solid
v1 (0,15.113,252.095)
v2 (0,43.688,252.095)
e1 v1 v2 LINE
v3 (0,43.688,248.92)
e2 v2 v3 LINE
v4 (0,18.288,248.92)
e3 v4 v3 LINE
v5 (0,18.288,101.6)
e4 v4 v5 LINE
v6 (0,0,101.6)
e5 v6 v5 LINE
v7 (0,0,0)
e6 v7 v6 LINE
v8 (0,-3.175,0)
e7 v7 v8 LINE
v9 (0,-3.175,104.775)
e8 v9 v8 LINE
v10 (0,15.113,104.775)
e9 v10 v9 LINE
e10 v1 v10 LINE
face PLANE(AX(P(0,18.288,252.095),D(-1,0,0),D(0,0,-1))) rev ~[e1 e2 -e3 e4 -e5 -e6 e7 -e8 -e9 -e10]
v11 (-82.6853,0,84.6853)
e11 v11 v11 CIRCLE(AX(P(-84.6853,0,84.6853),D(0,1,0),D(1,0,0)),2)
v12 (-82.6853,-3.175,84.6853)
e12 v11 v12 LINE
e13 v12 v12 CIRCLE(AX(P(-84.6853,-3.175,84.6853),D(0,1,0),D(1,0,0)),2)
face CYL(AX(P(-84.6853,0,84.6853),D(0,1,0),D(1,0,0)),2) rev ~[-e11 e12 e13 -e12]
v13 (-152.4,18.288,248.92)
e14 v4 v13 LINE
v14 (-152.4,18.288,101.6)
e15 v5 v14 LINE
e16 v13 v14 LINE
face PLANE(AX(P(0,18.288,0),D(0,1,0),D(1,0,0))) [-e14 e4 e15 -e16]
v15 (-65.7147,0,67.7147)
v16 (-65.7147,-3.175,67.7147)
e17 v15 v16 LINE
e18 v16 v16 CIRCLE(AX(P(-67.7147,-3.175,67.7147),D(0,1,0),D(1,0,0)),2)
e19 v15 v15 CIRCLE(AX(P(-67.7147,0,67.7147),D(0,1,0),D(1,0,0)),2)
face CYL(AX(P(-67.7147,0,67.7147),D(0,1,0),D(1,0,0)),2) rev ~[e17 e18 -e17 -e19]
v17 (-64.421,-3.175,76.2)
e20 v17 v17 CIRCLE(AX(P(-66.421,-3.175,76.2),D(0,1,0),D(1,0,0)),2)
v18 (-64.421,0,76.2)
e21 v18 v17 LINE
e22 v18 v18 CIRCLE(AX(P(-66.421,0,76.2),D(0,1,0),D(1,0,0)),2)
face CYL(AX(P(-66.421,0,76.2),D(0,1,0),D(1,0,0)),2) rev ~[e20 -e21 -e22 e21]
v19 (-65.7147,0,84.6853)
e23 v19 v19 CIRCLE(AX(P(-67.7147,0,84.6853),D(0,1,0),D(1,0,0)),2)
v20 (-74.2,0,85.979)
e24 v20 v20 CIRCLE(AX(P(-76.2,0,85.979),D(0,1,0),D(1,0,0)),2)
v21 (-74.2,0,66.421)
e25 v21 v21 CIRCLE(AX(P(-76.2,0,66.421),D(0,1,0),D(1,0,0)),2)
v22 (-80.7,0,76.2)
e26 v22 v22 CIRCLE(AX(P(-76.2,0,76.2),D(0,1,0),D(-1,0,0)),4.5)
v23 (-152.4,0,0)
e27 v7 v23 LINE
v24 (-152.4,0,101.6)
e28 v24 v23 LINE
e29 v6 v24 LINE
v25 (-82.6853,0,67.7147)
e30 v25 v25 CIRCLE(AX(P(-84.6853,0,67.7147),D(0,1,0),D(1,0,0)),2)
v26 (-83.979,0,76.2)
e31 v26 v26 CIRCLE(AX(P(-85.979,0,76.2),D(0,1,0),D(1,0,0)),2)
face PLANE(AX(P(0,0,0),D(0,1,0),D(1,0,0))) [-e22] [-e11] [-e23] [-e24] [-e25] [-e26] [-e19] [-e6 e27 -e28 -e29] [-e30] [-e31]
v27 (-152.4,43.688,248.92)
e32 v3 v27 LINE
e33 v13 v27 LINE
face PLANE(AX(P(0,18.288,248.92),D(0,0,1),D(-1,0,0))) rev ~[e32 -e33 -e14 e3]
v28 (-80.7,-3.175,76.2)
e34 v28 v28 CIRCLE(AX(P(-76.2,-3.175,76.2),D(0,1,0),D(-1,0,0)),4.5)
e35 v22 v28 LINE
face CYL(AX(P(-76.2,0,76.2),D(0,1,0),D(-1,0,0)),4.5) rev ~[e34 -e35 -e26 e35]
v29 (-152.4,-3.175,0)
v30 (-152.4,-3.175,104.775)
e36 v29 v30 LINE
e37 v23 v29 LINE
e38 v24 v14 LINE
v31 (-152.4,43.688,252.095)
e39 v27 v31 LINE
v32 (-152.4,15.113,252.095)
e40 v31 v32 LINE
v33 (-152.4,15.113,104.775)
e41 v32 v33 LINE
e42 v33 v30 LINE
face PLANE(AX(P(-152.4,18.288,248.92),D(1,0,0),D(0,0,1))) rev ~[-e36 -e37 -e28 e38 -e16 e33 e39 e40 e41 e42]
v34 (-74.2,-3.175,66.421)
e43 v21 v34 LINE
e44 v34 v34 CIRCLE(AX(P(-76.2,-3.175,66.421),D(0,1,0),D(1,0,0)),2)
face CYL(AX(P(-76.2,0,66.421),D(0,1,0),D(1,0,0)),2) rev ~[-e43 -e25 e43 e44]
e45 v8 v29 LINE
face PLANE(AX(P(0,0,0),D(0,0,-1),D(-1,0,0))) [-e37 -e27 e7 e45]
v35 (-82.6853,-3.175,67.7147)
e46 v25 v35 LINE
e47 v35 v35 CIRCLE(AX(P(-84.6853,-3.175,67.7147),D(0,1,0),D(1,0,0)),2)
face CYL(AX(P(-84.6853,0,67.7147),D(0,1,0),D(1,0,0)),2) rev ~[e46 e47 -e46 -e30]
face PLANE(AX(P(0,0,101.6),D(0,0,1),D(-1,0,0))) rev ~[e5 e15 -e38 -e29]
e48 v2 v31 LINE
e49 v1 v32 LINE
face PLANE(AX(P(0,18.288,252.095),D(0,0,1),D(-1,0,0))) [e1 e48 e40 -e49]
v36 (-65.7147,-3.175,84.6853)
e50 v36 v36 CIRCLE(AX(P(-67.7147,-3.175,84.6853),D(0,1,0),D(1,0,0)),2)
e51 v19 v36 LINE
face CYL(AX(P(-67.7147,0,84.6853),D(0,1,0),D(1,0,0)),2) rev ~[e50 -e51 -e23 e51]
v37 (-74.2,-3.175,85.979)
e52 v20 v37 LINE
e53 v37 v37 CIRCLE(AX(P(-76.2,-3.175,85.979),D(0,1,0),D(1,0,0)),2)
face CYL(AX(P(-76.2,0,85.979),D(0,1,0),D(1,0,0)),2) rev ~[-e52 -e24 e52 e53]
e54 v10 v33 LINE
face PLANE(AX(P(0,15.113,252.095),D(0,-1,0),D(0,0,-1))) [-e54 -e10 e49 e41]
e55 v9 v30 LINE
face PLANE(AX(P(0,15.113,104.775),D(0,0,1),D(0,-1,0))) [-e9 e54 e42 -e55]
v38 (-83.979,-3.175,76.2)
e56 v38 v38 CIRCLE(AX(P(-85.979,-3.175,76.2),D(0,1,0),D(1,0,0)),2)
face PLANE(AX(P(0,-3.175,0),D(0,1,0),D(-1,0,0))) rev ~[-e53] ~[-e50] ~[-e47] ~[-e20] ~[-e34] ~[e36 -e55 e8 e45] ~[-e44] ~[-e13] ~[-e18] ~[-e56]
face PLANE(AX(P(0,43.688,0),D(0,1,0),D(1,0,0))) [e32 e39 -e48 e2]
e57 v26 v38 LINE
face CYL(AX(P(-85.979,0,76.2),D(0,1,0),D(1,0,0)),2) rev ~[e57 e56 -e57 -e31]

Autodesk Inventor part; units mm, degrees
ref_plane "YZ Plane" through (0, 0, 0) normal (1, 0, 0) x (0, 1, 0)
ref_plane "XZ Plane" through (0, 0, 0) normal (0, 1, 0) x (-1, 0, 0)
ref_plane "XY Plane" through (0, 0, 0) normal (0, 0, 1) x (1, 0, 0)
sketch "Sketch1" plane through (0, 0, 0) normal (0, 1, 0) x (-1, 0, 0)
  line L0 (0, 0) -> (152.4, 0)
  line L1 (152.4, 0) -> (152.4, 252.095)
  line L2 (152.4, 252.095) -> (0, 252.095)
  line L3 (0, 252.095) -> (0, 0)
  circle A0 centre (76.2, 76.2) radius 50.8
  circle A1 centre (76.2, 76.2) radius 4.5
  dimension "d0" = 152.4
  dimension "d1" = 252.095
  dimension "d2" = 101.6
  dimension "d3" = 9
extrude "Extrusion1" add sketch "Sketch1" against normal blind 3.175 contours L3 L2 L1 L0 | A0
sketch "Sketch2" plane through (0, 0, 0) normal (0, 1, 0) x (1, 0, 0)
  line L0 (0, -252.095) -> (-152.4, -252.095) projected
  line L1 (-152.4, -252.095) -> (-152.4, 0) projected
  line L2 (0, -252.095) -> (-152.4, -252.095)
  line L3 (-152.4, -252.095) -> (-152.4, -248.92)
  line L4 (-152.4, -248.92) -> (0, -248.92)
  line L5 (0, -248.92) -> (0, -252.095)
  point P0 (0, 0)
  dimension "d6" = 3.175
extrude "Extrusion2" add sketch "Sketch2" along normal blind 25.4
sketch "Sketch3" plane through (0, 0, 0) normal (0, 1, 0) x (1, 0, 0)
  circle A0 centre (-66.421, -76.2) radius 2
  circle A1 centre (-85.979, -76.2) radius 2
  circle A2 centre (-76.2, -66.421) radius 2
  circle A3 centre (-76.2, -85.979) radius 2
  point P0 (0, 0)
  dimension "d9" = 4
  dimension "d10" = 4
  dimension "d11" = 4
  dimension "d12" = 4
extrude "Extrusion3" cut sketch "Sketch3" against normal blind 25.4
sketch "Sketch4" plane through (0, 0, 0) normal (0, 1, 0) x (1, 0, 0)
  circle A0 centre (-76.2, -85.979) radius 2 projected
  circle A1 centre (-76.2, -85.979) radius 2
  circle A2 centre (-76.2, -76.2) radius 4.5 projected
  circle A3 centre (-76.2, -76.2) radius 4.5
  circle A4 centre (-83.1148, -83.1148) radius 2
  circle A5 centre (-76.2, -76.2) radius 4.5
  circle A6 centre (-85.979, -76.2) radius 2
  circle A7 centre (-76.2, -76.2) radius 4.5
  circle A8 centre (-83.1148, -69.2852) radius 2
  circle A9 centre (-76.2, -76.2) radius 4.5
  circle A10 centre (-76.2, -66.421) radius 2
  circle A11 centre (-76.2, -76.2) radius 4.5
  circle A12 centre (-69.2852, -69.2852) radius 2
  circle A13 centre (-76.2, -76.2) radius 4.5
  circle A14 centre (-66.421, -76.2) radius 2
  circle A15 centre (-76.2, -76.2) radius 4.5
  circle A16 centre (-69.2852, -83.1148) radius 2
  circle A17 centre (-76.2, -76.2) radius 4.5
  point P0 (0, 0)
  dimension "d17" = 360
extrude "Extrusion4" cut sketch "Sketch4" against normal blind 25.4 contours A4 | A8 | A12 | A16
sketch "Sketch5" plane through (0, 0, 0) normal (0, 1, 0) x (1, 0, 0)
  point P0 (0, 0)
sketch "Sketch6" plane through (0, 0, 0) normal (0, 1, 0) x (1, 0, 0)
  point P0 (0, 0)
sketch "Sketch7" plane through (0, -3.175, 0) normal (0, -1, 0) x (1, 0, 0)
  circle A0 centre (-83.1148, 83.1148) radius 2 projected
  circle A1 centre (-83.1148, 83.1148) radius 2.8284
  circle A2 centre (-83.1148, 69.2852) radius 2 projected
  circle A3 centre (-83.1148, 69.2852) radius 2.8284
  circle A4 centre (-69.2852, 69.2852) radius 2 projected
  circle A5 centre (-69.2852, 69.2852) radius 2.9799
  circle A6 centre (-69.2852, 83.1148) radius 29.4992
  circle A7 centre (-69.2852, 83.1148) radius 2 projected
  circle A8 centre (-69.2852, 83.1148) radius 3.4641
  point P0 (0, 0)
extrude "Extrusion5" add sketch "Sketch7" against normal blind 3.175 contours A0 | A1 | A2 | A3 | A4 | A5 | A7 | A8
sketch "Sketch8" plane through (0, 0, 0) normal (0, 1, 0) x (1, 0, 0)
  circle A0 centre (-76.2, -76.2) radius 4.5 projected
  circle A1 centre (-76.2, -76.2) radius 4.5
  circle A2 centre (-64.2, -76.2) radius 2
  circle A3 centre (-76.2, -76.2) radius 4.5
  circle A4 centre (-76.2, -76.2) radius 4.5
  circle A5 centre (-76.2, -76.2) radius 4.5
  circle A6 centre (-76.2, -76.2) radius 4.5
  circle A7 centre (-76.2, -76.2) radius 4.5
  circle A8 centre (-76.2, -76.2) radius 4.5
  circle A9 centre (-76.2, -76.2) radius 4.5
  circle A10 centre (-67.7147, -84.6853) radius 2
  circle A11 centre (-84.6853, -84.6853) radius 2
  circle A12 centre (-84.6853, -67.7147) radius 2
  circle A13 centre (-67.7147, -67.7147) radius 2
  point P0 (0, 0)
  point P1 (-76.2, -64.2)
  point P2 (-88.2, -76.2)
  point P3 (-76.2, -88.2)
  dimension "d23" = 4
  dimension "d26" = 360
  dimension "d28" = 4
  dimension "d29" = 4
  dimension "d30" = 4
  dimension "d31" = 4
extrude "Extrusion6" cut sketch "Sketch8" against normal blind 25.4 contours A10 | A11 | A12 | A13
sketch "Sketch9" plane through (0, 25.4, 0) normal (0, 1, 0) x (1, 0, 0)
  line L0 (0, -248.92) -> (0, 0) projected
  line L1 (-163.9684, -278.6073) -> (0, -278.6073)
  line L2 (0, -278.6073) -> (0, -205.6552)
  line L3 (0, -205.6552) -> (-163.9684, -205.6552)
  line L4 (-163.9684, -205.6552) -> (-163.9684, -278.6073)
extrude "Extrusion7" cut sketch "Sketch9" against normal blind 25.4
sketch "Sketch10" plane through (0, 0, 0) normal (0, 1, 0) x (1, 0, 0)
  line L0 (-152.4, -252.095) -> (-152.4, 0) projected
  line L1 (0, -101.6) -> (-152.4, -101.6)
  line L2 (-152.4, -101.6) -> (-152.4, -252.095)
  line L3 (-152.4, -252.095) -> (0, -252.095)
  line L4 (0, -252.095) -> (0, -101.6)
  point P0 (0, 0)
extrude "Extrusion8" add sketch "Sketch10" along normal blind 18.288
sketch "Sketch11" plane through (0, 18.288, 0) normal (0, 1, 0) x (1, 0, 0)
  point P0 (0, 0)
sketch "Sketch12" plane through (0, 18.288, 0) normal (0, 1, 0) x (1, 0, 0)
  line L0 (0, -252.095) -> (-152.4, -252.095) projected
  line L1 (-152.4, -252.095) -> (0, -252.095)
  line L2 (0, -252.095) -> (0, -248.92)
  line L3 (0, -248.92) -> (-152.4, -248.92)
  line L4 (-152.4, -248.92) -> (-152.4, -252.095)
  point P0 (0, 0)
  dimension "d38" = 3.175
extrude "Extrusion9" add sketch "Sketch12" along normal blind 25.4
sketch "Sketch13" plane through (0, -3.175, 252.095) normal (1, 0, 0) x (0, 0, -1)
  line L0 (150.495, 3.175) -> (150.495, 21.463) projected
  line L1 (0, 0) -> (0, 46.863) projected
  line L2 (150.495, 21.463) -> (0, 21.463)
  line L3 (0, 21.463) -> (0, 18.288)
  line L4 (0, 18.288) -> (150.495, 18.288)
  line L5 (150.495, 18.288) -> (150.495, 21.463)
  line L6 (252.095, 0) -> (0, 0) projected
  line L7 (150.495, 21.463) -> (147.32, 21.463)
  line L8 (147.32, 21.463) -> (147.32, 0)
  line L9 (147.32, 0) -> (150.495, 0)
  line L10 (150.495, 0) -> (150.495, 21.463)
  line L11 (0, 18.288) -> (147.32, 18.288)
  line L12 (147.32, 18.288) -> (147.32, 0)
  line L13 (147.32, 0) -> (0, 0)
  line L14 (0, 0) -> (0, 18.288)
  point P0 (252.095, 3.175)
  dimension "d41" = 3.175
  dimension "d42" = 3.175
extrude "Extrusion10" cut sketch "Sketch13" against normal blind 254 contours L8 L6 L1 L4
properties part number "Single Sided board"
